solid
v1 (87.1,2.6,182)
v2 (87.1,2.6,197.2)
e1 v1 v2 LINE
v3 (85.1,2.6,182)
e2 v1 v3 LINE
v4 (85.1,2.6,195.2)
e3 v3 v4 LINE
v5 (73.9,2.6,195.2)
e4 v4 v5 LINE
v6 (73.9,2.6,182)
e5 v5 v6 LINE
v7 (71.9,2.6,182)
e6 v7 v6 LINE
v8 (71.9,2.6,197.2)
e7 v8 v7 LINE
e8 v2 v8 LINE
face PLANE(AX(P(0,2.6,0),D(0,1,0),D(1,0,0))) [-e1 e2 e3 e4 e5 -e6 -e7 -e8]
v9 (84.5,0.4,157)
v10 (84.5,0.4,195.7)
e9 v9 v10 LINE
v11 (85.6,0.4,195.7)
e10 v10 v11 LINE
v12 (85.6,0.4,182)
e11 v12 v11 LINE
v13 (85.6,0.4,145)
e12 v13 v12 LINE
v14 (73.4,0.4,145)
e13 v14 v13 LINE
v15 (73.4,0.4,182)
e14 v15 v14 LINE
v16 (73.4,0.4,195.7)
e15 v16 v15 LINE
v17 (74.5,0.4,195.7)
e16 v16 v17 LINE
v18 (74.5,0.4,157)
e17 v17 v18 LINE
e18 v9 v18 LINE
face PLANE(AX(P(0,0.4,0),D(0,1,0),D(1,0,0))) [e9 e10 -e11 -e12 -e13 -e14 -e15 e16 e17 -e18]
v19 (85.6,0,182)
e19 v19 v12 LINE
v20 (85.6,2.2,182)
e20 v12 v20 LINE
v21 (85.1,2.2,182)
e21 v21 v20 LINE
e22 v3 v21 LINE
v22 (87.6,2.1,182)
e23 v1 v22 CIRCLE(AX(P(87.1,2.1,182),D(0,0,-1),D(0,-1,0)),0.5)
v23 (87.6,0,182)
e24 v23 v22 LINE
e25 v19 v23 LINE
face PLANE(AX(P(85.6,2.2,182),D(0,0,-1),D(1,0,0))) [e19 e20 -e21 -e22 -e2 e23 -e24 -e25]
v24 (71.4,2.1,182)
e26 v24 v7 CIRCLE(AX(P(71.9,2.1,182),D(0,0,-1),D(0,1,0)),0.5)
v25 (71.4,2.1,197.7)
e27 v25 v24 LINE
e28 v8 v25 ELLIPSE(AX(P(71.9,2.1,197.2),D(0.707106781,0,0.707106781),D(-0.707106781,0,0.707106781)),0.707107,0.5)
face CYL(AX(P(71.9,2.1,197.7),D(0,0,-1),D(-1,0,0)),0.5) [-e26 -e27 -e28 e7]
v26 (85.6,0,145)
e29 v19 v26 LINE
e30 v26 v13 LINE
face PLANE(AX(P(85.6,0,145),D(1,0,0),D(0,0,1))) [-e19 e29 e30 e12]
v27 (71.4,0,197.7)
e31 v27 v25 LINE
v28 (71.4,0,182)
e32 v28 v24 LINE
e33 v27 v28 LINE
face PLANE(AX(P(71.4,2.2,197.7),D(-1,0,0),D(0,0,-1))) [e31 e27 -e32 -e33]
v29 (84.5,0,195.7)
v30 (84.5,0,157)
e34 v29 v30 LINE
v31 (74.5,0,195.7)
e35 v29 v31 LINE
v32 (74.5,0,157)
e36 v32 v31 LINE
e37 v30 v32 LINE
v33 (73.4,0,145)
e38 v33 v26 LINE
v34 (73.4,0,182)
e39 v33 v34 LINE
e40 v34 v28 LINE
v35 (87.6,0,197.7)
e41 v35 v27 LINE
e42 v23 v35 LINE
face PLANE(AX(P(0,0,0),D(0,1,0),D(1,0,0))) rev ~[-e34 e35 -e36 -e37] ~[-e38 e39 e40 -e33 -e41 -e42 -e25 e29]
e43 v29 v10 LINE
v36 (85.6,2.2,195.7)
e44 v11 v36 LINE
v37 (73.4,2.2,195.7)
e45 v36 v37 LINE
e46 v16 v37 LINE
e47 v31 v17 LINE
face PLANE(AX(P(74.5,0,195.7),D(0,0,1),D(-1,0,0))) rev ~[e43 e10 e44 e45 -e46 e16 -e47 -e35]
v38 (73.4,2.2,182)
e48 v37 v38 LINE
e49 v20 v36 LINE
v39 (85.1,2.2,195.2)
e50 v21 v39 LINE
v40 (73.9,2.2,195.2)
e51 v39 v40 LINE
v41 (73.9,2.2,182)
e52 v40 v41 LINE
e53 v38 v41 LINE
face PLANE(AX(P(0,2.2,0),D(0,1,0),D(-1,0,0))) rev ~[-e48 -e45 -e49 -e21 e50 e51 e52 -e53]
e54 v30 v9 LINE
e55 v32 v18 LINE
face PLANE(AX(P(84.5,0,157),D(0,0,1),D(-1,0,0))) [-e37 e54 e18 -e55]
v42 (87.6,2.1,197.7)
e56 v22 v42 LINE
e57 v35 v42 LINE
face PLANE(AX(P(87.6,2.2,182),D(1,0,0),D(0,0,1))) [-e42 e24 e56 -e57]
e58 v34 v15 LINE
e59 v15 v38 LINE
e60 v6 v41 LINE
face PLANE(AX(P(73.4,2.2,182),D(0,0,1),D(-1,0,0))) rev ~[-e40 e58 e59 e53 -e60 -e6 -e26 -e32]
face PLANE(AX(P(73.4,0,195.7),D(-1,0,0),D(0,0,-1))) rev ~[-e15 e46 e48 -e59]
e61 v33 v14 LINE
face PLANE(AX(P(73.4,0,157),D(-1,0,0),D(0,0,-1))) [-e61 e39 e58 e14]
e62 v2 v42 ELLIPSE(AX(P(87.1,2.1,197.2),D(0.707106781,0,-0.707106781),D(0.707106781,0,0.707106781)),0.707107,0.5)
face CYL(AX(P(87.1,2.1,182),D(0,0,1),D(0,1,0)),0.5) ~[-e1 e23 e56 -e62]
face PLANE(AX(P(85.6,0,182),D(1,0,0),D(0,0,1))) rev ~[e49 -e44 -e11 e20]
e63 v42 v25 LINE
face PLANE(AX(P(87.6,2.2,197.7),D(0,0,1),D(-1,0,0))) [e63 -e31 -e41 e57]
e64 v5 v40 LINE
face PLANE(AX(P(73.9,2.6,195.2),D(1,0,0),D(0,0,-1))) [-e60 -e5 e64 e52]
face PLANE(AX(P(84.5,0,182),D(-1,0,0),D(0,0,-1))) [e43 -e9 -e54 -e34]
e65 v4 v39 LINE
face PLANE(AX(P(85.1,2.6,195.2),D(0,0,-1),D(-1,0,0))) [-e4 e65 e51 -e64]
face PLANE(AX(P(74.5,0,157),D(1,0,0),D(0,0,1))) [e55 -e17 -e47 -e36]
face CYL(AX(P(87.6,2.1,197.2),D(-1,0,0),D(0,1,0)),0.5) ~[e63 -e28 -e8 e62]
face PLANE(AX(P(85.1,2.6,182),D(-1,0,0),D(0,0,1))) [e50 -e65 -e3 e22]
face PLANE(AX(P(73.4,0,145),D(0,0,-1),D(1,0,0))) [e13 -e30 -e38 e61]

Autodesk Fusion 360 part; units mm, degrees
sketch "snippy-Edge_Cuts" plane through (0, 0, 0) normal (0, 1, 0) x (1, 0, 0)
  line L0 (73.4, -145) -> (85.6, -145)
  line L1 (85.6, -145) -> (85.6, -157)
  line L2 (85.6, -157) -> (73.4, -157)
  line L3 (73.4, -157) -> (73.4, -145)
  line L4 (73.4, -145) -> (73.4, -157)
  line L5 (73.4, -157) -> (85.6, -157)
  line L6 (85.6, -157) -> (85.6, -195.7)
  line L7 (85.6, -195.7) -> (73.4, -195.7)
  line L8 (73.4, -195.7) -> (73.4, -157)
  line L9 (87.6, -182) -> (87.6, -197.7)
  line L10 (87.6, -197.7) -> (71.4, -197.7)
  line L11 (71.4, -197.7) -> (71.4, -182)
  line L12 (73.4, -157) -> (85.6, -157)
  line L13 (84.5, -157) -> (74.5, -157)
  line L14 (74.5, -157) -> (74.5, -195.7)
  line L15 (74.5, -195.7) -> (84.5, -195.7)
  line L16 (84.5, -195.7) -> (84.5, -157)
  line L17 (85.6, -157) -> (85.6, -182)
  line L18 (85.6, -182) -> (87.6, -182)
  line L19 (87.6, -182) -> (71.4, -182)
  dimension "d4" = 12
  dimension "d8" = 12.2
  dimension "d9" = 12.2
  dimension "d23" = 10
  dimension "d25" = 1.1
  dimension "d26" = 1.1
extrude "Extrude6" add sketch "snippy-Edge_Cuts" along normal blind 0.4 contours L0 L1 L2 L3 L4 L5 L12 L13 | L2 L5 L8 L12 L14 L19 | L2 L5 L6 L12 L16 L17 L19 | L7 L8 L14 L19 | L6 L7 L8 L9 L10 L11 L15 L18 L19 | L6 L7 L16 L19 makes body 1
extrude "Extrude7" cut sketch "snippy-Edge_Cuts" along normal blind 2.6 contours L6 L7 L8 L9 L10 L11 L15 L18 L19 bodies 1
extrude "Extrude8" add sketch "snippy-Edge_Cuts" along normal blind 2.2 contours L6 L7 L8 L9 L10 L11 L15 L18 L19 bodies 1
extrude "Extrude9" add 1 faces at (77.4667, 2.2, 197.0333) along direction (0, 1, 0) blind 0.4 separate body on bodies 1 makes body 2
sketch "Sketch6" plane through (0, 2.6, 0) normal (0, 1, 0) x (-1, 0, 0)
  line L0 (-87.6, 197.7) -> (-87.6, 182)
  line L1 (-87.6, 182) -> (-85.6, 182)
  line L2 (-85.6, 182) -> (-85.6, 195.7)
  line L3 (-85.6, 195.7) -> (-73.4, 195.7)
  line L4 (-73.4, 195.7) -> (-73.4, 182)
  line L5 (-73.4, 182) -> (-71.4, 182)
  line L6 (-71.4, 182) -> (-71.4, 197.7)
  line L7 (-71.4, 197.7) -> (-87.6, 197.7)
  line L8 (-85.1, 182) -> (-85.1, 195.2)
  line L9 (-85.1, 195.2) -> (-73.9, 195.2)
  line L10 (-73.9, 195.2) -> (-73.9, 182)
  line L11 (-85.1, 182) -> (-85.6, 182)
  line L12 (-85.6, 182) -> (-85.6, 195.7)
  line L13 (-85.6, 195.7) -> (-73.4, 195.7)
  line L14 (-73.4, 195.7) -> (-73.4, 182)
  line L15 (-73.4, 182) -> (-73.9, 182)
  dimension "d40" = 0.5
extrude "Extrude10" add sketch "Sketch6" against normal blind 0.4 contours L2 L3 L4 L8 L9 L10 L11 L12 L13 L14 L15 bodies 1 2
fillet "Fillet2" radius 0.5 3 edges at (87.6, 2.6, 189.85) (79.5, 2.6, 197.7) (71.4, 2.6, 189.85) on bodies 1
sketch "Sketch3" plane through (0, 2.6, 0) normal (0, 1, 0) x (-1, 0, 0)
  line L0 (-85.6, 195.7) -> (-85.6, 157)
  line L1 (-73.4, 195.7) -> (-85.6, 195.7)
  line L2 (-73.4, 157) -> (-73.4, 195.7)
  line L3 (-85.6, 157) -> (-73.4, 157)
  line L4 (-85.1, 195.7) -> (-85.6, 195.7)
  line L5 (-73.9, 157) -> (-85.6, 157)
  line L6 (-85.6, 157) -> (-73.4, 157)
  line L7 (-73.4, 157) -> (-73.4, 195.7)
  line L8 (-73.4, 195.7) -> (-85.6, 195.7)
  line L9 (-73.9, 157) -> (-73.9, 195.2)
  line L10 (-73.9, 195.2) -> (-85.1, 195.2)
  line L11 (-85.1, 195.2) -> (-85.1, 157)
  dimension "d17" = 0.5
sketch "Sketch4" plane through (0, 0.4, 0) normal (0, 1, 0) x (-1, 0, 0)
  line L0 (-73.4, 145) -> (-73.4, 195.7)
  line L1 (-85.6, 195.7) -> (-85.6, 145)
  line L2 (-85.6, 145) -> (-73.4, 145)
  line L3 (-73.4, 195.7) -> (-85.6, 195.7)
